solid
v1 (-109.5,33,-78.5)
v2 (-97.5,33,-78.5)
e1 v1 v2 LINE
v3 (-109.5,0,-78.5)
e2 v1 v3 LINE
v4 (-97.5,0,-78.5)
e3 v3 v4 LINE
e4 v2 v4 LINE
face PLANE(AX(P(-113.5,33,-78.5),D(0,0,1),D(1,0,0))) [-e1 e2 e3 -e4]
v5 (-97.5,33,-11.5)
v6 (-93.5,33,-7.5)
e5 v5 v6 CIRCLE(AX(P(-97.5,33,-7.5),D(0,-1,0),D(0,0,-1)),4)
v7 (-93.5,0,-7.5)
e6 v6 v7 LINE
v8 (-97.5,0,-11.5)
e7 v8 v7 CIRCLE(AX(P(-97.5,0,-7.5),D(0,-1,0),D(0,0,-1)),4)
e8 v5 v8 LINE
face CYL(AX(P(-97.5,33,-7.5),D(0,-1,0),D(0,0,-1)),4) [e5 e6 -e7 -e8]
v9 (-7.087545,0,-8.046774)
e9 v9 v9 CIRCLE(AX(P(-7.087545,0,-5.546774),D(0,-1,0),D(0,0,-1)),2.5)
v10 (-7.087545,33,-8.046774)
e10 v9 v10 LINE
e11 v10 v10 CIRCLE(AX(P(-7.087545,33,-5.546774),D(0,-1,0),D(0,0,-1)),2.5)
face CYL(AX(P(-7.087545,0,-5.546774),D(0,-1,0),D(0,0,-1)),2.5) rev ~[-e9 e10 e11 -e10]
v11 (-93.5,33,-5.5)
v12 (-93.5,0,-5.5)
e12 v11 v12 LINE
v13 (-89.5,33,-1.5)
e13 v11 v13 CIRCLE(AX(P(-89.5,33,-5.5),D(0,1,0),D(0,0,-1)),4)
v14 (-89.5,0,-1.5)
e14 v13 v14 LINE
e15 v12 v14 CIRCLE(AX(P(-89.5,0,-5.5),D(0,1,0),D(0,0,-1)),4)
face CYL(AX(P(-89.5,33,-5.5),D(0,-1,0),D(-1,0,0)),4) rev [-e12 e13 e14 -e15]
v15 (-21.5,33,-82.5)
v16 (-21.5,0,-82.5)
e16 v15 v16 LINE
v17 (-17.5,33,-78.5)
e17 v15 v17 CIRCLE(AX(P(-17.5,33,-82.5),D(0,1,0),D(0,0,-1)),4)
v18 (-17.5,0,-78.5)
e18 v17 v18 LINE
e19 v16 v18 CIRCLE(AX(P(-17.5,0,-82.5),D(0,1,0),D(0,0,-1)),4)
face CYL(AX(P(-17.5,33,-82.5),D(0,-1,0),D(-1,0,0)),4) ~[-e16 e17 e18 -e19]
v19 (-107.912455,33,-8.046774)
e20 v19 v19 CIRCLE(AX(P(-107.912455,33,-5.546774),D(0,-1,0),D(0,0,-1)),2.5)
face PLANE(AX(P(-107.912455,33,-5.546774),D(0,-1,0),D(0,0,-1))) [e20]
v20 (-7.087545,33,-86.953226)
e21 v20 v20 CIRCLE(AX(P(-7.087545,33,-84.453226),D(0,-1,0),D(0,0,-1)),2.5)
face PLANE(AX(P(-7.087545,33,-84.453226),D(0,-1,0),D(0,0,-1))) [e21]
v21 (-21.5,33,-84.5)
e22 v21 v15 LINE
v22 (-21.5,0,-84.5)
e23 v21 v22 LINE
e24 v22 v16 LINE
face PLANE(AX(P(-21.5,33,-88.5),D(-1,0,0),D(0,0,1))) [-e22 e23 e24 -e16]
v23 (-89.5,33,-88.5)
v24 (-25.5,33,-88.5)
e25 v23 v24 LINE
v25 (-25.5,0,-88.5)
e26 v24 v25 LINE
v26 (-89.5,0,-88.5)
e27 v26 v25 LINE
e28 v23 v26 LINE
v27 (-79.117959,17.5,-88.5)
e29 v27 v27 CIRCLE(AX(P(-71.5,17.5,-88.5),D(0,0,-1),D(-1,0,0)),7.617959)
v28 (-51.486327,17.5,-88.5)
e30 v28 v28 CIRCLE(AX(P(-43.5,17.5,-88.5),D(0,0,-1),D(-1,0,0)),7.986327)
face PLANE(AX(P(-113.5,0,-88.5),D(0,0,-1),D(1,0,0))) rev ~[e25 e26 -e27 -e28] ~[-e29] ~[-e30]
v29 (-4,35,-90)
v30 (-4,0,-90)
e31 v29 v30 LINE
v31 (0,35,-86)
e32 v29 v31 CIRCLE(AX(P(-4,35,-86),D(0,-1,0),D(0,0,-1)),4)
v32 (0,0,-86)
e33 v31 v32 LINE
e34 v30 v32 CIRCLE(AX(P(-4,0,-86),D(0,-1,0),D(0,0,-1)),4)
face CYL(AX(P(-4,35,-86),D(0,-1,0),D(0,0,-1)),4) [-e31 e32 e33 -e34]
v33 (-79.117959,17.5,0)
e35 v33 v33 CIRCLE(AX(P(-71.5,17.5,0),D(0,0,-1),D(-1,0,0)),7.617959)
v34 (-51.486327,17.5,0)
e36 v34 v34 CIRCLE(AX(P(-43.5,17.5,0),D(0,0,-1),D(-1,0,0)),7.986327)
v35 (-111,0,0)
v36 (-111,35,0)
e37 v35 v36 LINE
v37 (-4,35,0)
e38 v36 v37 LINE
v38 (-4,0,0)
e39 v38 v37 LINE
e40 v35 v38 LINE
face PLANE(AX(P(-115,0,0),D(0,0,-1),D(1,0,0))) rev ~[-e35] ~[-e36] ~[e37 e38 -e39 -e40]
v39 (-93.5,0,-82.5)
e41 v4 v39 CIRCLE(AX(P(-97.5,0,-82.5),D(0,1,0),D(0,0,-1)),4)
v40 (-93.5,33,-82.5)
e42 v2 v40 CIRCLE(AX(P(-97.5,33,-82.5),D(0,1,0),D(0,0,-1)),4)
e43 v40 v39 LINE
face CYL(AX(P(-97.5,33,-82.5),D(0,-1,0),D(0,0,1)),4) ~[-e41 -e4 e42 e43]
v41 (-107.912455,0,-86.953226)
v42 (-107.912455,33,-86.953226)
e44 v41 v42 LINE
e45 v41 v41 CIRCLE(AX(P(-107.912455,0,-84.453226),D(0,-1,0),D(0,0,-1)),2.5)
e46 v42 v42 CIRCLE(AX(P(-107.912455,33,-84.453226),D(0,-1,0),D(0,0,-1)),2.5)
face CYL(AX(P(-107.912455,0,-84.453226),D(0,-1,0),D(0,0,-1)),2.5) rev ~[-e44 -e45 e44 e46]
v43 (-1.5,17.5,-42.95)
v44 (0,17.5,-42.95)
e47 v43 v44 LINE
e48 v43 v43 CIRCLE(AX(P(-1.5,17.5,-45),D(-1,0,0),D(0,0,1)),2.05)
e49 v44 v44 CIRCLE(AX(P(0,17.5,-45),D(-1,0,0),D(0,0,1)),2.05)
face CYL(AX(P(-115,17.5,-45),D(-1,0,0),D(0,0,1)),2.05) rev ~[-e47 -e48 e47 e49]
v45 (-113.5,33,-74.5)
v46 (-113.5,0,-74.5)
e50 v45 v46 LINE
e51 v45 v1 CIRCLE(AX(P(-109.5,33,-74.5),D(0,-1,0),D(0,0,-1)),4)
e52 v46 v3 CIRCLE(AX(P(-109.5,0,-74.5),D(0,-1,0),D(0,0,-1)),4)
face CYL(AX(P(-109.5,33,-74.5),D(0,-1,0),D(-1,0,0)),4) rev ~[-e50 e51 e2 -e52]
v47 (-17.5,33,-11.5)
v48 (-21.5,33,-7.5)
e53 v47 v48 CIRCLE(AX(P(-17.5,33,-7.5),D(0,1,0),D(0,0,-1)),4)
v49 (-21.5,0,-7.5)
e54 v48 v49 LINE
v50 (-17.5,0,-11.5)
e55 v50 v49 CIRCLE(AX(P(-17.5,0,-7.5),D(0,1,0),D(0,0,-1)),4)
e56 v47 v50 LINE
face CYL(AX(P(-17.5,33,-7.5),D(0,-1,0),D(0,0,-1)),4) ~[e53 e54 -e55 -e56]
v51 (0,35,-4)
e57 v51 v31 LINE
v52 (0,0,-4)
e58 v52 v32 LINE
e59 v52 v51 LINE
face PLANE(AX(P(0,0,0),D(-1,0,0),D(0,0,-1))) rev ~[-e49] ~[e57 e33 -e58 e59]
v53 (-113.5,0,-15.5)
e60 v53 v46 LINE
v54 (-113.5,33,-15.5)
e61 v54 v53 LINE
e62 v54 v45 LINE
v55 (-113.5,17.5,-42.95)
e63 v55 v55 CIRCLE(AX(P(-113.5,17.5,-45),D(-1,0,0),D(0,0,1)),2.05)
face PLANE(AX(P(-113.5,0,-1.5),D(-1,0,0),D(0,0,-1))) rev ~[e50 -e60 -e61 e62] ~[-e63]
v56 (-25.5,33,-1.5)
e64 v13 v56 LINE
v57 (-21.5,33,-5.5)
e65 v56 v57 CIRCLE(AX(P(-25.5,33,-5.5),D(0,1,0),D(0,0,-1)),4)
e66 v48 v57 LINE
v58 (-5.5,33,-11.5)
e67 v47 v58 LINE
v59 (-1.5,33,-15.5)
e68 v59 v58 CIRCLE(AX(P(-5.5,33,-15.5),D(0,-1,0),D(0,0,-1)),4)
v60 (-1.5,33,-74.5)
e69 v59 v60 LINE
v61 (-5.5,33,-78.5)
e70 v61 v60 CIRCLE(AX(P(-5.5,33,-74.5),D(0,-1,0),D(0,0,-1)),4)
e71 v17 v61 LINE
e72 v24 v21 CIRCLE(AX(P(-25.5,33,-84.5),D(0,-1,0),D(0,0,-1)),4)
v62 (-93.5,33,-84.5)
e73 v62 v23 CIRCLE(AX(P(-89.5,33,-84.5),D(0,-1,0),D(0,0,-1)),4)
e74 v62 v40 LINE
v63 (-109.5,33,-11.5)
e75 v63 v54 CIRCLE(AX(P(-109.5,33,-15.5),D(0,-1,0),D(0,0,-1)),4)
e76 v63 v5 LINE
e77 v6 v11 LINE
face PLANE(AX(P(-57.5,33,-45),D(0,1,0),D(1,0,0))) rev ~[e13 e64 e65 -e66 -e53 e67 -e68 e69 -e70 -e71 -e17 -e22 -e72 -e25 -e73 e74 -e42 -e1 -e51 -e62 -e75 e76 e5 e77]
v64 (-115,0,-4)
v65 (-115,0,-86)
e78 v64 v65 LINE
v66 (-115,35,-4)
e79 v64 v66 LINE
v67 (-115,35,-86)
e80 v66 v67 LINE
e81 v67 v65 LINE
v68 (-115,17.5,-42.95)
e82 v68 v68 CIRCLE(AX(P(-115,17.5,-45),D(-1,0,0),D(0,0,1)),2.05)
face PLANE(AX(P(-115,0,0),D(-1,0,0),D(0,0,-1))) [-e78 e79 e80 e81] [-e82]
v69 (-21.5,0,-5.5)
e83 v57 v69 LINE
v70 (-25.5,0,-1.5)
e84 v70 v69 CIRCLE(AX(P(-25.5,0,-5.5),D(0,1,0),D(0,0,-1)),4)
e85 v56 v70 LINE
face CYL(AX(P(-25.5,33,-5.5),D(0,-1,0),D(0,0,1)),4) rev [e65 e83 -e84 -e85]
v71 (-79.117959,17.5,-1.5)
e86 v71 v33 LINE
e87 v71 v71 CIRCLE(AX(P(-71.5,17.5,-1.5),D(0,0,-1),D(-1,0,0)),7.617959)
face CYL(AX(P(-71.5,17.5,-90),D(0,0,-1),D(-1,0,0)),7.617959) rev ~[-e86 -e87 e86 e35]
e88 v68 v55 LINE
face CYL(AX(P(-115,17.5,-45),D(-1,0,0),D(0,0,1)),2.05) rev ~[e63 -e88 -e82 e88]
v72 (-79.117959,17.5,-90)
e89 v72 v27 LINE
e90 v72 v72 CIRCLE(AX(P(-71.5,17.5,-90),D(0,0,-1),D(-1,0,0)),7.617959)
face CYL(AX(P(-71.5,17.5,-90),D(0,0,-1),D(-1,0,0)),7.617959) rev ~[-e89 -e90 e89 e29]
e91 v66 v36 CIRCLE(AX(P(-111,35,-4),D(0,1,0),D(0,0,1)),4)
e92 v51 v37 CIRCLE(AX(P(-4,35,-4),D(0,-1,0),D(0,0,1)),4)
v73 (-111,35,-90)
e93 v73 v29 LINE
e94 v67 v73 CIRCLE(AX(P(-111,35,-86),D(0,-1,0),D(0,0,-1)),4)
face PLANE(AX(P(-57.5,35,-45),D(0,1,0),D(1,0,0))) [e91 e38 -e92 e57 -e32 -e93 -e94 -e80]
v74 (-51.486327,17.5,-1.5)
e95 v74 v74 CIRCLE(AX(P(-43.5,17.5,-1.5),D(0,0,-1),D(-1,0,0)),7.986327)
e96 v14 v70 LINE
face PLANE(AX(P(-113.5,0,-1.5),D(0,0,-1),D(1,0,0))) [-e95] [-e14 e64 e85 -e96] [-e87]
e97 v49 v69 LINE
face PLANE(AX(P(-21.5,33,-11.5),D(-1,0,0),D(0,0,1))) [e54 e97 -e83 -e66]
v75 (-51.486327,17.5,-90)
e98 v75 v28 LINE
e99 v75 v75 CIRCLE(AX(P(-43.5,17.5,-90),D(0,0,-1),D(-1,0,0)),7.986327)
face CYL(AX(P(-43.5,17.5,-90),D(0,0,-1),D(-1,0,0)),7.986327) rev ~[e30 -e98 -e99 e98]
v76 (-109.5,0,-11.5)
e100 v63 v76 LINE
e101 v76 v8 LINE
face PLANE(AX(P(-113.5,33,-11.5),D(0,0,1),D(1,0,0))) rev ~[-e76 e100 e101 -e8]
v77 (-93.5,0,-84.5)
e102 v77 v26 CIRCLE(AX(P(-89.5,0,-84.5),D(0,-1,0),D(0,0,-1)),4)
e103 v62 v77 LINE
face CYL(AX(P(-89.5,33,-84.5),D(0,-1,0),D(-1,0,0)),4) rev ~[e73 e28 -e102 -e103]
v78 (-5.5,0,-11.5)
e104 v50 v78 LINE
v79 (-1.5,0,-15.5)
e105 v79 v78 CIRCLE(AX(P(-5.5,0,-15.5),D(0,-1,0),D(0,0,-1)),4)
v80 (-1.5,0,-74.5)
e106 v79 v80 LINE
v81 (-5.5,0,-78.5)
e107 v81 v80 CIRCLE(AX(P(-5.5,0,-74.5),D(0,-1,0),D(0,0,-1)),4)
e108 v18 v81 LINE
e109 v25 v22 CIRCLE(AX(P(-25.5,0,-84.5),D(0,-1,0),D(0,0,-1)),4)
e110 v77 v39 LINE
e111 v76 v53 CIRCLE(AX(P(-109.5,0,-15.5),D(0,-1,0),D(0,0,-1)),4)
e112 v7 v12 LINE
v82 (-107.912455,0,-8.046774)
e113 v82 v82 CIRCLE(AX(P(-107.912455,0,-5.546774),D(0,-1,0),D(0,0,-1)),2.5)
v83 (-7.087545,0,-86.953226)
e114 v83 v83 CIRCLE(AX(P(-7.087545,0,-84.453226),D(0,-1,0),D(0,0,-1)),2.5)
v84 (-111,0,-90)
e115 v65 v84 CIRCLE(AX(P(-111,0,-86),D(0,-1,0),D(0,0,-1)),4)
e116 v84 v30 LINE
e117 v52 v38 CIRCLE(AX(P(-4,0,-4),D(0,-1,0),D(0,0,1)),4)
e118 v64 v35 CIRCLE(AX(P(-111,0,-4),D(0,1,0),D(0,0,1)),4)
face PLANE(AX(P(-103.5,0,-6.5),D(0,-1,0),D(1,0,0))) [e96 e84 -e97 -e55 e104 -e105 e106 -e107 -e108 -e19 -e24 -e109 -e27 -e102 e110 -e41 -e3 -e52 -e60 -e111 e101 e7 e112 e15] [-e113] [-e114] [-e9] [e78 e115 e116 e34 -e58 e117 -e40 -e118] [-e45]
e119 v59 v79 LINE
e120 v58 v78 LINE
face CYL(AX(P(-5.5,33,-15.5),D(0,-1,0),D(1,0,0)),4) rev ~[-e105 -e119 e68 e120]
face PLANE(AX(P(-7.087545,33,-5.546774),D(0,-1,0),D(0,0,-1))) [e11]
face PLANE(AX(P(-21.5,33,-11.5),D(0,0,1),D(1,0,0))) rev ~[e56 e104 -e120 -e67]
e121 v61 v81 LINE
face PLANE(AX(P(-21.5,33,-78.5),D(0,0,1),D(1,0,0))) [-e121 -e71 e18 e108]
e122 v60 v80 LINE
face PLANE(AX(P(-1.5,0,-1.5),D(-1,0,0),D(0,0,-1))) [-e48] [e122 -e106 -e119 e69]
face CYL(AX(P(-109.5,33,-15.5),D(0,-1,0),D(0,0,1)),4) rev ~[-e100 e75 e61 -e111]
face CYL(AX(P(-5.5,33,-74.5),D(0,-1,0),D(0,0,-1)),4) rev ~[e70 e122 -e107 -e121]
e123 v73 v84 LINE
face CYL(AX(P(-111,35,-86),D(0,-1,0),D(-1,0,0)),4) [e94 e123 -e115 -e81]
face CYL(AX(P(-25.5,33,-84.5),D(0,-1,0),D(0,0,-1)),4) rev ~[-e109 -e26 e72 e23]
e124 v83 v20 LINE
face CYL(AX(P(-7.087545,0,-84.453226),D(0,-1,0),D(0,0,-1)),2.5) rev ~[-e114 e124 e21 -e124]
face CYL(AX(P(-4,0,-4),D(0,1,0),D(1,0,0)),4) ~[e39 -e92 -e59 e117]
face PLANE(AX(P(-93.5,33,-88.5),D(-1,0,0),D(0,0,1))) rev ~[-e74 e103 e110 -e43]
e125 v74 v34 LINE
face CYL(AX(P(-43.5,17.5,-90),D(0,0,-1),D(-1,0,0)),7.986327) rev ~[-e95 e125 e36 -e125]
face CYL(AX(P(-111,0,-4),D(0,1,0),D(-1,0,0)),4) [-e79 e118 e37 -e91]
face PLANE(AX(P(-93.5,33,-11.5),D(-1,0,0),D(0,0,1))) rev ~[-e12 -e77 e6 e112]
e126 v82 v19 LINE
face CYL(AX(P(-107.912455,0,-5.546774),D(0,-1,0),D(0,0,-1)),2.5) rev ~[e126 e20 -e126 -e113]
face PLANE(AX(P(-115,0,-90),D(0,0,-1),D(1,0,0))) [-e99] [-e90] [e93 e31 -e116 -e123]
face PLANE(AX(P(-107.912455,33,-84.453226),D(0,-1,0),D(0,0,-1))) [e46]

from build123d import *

# Parameters (mm, degrees)
SKETCH_1_W          = 115
SKETCH_1_H          = 90
SKETCH_1_W_2        = 112
SKETCH_1_H_2        = 87
EXTRUDE_1_DEPTH     = 35
SKETCH_3_W          = 115
SKETCH_3_H          = 90
EXTRUDE_2_DEPTH     = 2
SKETCH_4_W          = 20
SKETCH_4_H          = 10
EXTRUDE_3_DEPTH     = 33
FILLET_1_R          = 4
FILLET_2_R          = 4
SKETCH_6_R          = 2.5
CUT_EXTRUDE_1_DEPTH = 33
SKETCH_7_R          = 2.05
CUT_EXTRUDE_2_DEPTH = 170
SKETCH_8_R          = 7.986327153
SKETCH_8_R_2        = 7.617959365
CUT_EXTRUDE_3_DEPTH = 112


with BuildPart() as part:
    # Эскиз1 → Бобышка-Вытянуть1 (new body)
    with BuildSketch(Plane(origin=(0, 0, 0), x_dir=(1, 0, 0), z_dir=(0, 1, 0))):
        with Locations((-57.5, 45)):
            Rectangle(SKETCH_1_W, SKETCH_1_H)
        with Locations((-57.5, 45)):
            Rectangle(SKETCH_1_W_2, SKETCH_1_H_2, mode=Mode.SUBTRACT)
    extrude(amount=EXTRUDE_1_DEPTH)

    # Эскиз3 → Бобышка-Вытянуть2 (add)
    with BuildSketch(Plane(origin=(0, 35, 0), x_dir=(1, 0, 0), z_dir=(0, 1, 0))):
        with Locations((-57.5, 45)):
            Rectangle(SKETCH_3_W, SKETCH_3_H)
    extrude(amount=-EXTRUDE_2_DEPTH)

    # Эскиз4 → Бобышка-Вытянуть3 (add)
    with BuildSketch(Plane.XZ.offset(-33)):
        with Locations((-103.5, -6.5)):
            Rectangle(SKETCH_4_W, SKETCH_4_H)
        with Locations((-103.5, -83.5)):
            Rectangle(SKETCH_4_W, SKETCH_4_H)
        with Locations((-11.5, -83.5)):
            Rectangle(SKETCH_4_W, SKETCH_4_H)
        with Locations((-11.5, -6.5)):
            Rectangle(SKETCH_4_W, SKETCH_4_H)
    extrude(amount=EXTRUDE_3_DEPTH)

    # Скругление1
    fillet_1_edges = [part.edges().sort_by_distance(p)[0] for p in [
        (-113.5, 16.5, -11.5),
        (-93.5, 16.5, -11.5),
        (-93.5, 16.5, -1.5),
        (-113.5, 16.5, -78.5),
        (-93.5, 16.5, -88.5),
        (-93.5, 16.5, -78.5),
        (-1.5, 16.5, -78.5),
        (-21.5, 16.5, -78.5),
        (-21.5, 16.5, -88.5),
        (-1.5, 16.5, -11.5),
        (-21.5, 16.5, -1.5),
        (-21.5, 16.5, -11.5),
    ]]
    fillet(fillet_1_edges, radius=FILLET_1_R)

    # Скругление2
    fillet_2_edges = [part.edges().sort_by_distance(p)[0] for p in [
        (0, 17.5, 0),
        (-115, 17.5, 0),
        (-115, 17.5, -90),
        (0, 17.5, -90),
    ]]
    fillet(fillet_2_edges, radius=FILLET_2_R)

    # Эскиз6 → Вырез-Вытянуть1 (cut)
    with BuildSketch(Plane.XZ):
        with Locations(Location((-107.912454991, -5.546774355, 0), (0, 0, 270))):
            Circle(SKETCH_6_R)
        with Locations(Location((-7.087545009, -84.453225645, 0), (0, 0, 270))):
            Circle(SKETCH_6_R)
        with Locations(Location((-107.912454991, -84.453225645, 0), (0, 0, 270))):
            Circle(SKETCH_6_R)
        with Locations(Location((-7.087545009, -5.546774355, 0), (0, 0, 270))):
            Circle(SKETCH_6_R)
    extrude(amount=-CUT_EXTRUDE_1_DEPTH, mode=Mode.SUBTRACT)

    # Эскиз7 → Вырез-Вытянуть2 (cut)
    with BuildSketch(Plane.ZY.offset(115)):
        with Locations((-45, 17.5)):
            Circle(SKETCH_7_R)
    extrude(amount=-CUT_EXTRUDE_2_DEPTH, mode=Mode.SUBTRACT)

    # Эскиз8 → Вырез-Вытянуть3 (cut)
    with BuildSketch(Plane(origin=(0, 0, -90), x_dir=(-1, 0, 0), z_dir=(0, 0, -1))):
        with Locations((43.5, 17.5)):
            Circle(SKETCH_8_R)
        with Locations((71.5, 17.5)):
            Circle(SKETCH_8_R_2)
    extrude(amount=-CUT_EXTRUDE_3_DEPTH, mode=Mode.SUBTRACT)


solid = part.part
